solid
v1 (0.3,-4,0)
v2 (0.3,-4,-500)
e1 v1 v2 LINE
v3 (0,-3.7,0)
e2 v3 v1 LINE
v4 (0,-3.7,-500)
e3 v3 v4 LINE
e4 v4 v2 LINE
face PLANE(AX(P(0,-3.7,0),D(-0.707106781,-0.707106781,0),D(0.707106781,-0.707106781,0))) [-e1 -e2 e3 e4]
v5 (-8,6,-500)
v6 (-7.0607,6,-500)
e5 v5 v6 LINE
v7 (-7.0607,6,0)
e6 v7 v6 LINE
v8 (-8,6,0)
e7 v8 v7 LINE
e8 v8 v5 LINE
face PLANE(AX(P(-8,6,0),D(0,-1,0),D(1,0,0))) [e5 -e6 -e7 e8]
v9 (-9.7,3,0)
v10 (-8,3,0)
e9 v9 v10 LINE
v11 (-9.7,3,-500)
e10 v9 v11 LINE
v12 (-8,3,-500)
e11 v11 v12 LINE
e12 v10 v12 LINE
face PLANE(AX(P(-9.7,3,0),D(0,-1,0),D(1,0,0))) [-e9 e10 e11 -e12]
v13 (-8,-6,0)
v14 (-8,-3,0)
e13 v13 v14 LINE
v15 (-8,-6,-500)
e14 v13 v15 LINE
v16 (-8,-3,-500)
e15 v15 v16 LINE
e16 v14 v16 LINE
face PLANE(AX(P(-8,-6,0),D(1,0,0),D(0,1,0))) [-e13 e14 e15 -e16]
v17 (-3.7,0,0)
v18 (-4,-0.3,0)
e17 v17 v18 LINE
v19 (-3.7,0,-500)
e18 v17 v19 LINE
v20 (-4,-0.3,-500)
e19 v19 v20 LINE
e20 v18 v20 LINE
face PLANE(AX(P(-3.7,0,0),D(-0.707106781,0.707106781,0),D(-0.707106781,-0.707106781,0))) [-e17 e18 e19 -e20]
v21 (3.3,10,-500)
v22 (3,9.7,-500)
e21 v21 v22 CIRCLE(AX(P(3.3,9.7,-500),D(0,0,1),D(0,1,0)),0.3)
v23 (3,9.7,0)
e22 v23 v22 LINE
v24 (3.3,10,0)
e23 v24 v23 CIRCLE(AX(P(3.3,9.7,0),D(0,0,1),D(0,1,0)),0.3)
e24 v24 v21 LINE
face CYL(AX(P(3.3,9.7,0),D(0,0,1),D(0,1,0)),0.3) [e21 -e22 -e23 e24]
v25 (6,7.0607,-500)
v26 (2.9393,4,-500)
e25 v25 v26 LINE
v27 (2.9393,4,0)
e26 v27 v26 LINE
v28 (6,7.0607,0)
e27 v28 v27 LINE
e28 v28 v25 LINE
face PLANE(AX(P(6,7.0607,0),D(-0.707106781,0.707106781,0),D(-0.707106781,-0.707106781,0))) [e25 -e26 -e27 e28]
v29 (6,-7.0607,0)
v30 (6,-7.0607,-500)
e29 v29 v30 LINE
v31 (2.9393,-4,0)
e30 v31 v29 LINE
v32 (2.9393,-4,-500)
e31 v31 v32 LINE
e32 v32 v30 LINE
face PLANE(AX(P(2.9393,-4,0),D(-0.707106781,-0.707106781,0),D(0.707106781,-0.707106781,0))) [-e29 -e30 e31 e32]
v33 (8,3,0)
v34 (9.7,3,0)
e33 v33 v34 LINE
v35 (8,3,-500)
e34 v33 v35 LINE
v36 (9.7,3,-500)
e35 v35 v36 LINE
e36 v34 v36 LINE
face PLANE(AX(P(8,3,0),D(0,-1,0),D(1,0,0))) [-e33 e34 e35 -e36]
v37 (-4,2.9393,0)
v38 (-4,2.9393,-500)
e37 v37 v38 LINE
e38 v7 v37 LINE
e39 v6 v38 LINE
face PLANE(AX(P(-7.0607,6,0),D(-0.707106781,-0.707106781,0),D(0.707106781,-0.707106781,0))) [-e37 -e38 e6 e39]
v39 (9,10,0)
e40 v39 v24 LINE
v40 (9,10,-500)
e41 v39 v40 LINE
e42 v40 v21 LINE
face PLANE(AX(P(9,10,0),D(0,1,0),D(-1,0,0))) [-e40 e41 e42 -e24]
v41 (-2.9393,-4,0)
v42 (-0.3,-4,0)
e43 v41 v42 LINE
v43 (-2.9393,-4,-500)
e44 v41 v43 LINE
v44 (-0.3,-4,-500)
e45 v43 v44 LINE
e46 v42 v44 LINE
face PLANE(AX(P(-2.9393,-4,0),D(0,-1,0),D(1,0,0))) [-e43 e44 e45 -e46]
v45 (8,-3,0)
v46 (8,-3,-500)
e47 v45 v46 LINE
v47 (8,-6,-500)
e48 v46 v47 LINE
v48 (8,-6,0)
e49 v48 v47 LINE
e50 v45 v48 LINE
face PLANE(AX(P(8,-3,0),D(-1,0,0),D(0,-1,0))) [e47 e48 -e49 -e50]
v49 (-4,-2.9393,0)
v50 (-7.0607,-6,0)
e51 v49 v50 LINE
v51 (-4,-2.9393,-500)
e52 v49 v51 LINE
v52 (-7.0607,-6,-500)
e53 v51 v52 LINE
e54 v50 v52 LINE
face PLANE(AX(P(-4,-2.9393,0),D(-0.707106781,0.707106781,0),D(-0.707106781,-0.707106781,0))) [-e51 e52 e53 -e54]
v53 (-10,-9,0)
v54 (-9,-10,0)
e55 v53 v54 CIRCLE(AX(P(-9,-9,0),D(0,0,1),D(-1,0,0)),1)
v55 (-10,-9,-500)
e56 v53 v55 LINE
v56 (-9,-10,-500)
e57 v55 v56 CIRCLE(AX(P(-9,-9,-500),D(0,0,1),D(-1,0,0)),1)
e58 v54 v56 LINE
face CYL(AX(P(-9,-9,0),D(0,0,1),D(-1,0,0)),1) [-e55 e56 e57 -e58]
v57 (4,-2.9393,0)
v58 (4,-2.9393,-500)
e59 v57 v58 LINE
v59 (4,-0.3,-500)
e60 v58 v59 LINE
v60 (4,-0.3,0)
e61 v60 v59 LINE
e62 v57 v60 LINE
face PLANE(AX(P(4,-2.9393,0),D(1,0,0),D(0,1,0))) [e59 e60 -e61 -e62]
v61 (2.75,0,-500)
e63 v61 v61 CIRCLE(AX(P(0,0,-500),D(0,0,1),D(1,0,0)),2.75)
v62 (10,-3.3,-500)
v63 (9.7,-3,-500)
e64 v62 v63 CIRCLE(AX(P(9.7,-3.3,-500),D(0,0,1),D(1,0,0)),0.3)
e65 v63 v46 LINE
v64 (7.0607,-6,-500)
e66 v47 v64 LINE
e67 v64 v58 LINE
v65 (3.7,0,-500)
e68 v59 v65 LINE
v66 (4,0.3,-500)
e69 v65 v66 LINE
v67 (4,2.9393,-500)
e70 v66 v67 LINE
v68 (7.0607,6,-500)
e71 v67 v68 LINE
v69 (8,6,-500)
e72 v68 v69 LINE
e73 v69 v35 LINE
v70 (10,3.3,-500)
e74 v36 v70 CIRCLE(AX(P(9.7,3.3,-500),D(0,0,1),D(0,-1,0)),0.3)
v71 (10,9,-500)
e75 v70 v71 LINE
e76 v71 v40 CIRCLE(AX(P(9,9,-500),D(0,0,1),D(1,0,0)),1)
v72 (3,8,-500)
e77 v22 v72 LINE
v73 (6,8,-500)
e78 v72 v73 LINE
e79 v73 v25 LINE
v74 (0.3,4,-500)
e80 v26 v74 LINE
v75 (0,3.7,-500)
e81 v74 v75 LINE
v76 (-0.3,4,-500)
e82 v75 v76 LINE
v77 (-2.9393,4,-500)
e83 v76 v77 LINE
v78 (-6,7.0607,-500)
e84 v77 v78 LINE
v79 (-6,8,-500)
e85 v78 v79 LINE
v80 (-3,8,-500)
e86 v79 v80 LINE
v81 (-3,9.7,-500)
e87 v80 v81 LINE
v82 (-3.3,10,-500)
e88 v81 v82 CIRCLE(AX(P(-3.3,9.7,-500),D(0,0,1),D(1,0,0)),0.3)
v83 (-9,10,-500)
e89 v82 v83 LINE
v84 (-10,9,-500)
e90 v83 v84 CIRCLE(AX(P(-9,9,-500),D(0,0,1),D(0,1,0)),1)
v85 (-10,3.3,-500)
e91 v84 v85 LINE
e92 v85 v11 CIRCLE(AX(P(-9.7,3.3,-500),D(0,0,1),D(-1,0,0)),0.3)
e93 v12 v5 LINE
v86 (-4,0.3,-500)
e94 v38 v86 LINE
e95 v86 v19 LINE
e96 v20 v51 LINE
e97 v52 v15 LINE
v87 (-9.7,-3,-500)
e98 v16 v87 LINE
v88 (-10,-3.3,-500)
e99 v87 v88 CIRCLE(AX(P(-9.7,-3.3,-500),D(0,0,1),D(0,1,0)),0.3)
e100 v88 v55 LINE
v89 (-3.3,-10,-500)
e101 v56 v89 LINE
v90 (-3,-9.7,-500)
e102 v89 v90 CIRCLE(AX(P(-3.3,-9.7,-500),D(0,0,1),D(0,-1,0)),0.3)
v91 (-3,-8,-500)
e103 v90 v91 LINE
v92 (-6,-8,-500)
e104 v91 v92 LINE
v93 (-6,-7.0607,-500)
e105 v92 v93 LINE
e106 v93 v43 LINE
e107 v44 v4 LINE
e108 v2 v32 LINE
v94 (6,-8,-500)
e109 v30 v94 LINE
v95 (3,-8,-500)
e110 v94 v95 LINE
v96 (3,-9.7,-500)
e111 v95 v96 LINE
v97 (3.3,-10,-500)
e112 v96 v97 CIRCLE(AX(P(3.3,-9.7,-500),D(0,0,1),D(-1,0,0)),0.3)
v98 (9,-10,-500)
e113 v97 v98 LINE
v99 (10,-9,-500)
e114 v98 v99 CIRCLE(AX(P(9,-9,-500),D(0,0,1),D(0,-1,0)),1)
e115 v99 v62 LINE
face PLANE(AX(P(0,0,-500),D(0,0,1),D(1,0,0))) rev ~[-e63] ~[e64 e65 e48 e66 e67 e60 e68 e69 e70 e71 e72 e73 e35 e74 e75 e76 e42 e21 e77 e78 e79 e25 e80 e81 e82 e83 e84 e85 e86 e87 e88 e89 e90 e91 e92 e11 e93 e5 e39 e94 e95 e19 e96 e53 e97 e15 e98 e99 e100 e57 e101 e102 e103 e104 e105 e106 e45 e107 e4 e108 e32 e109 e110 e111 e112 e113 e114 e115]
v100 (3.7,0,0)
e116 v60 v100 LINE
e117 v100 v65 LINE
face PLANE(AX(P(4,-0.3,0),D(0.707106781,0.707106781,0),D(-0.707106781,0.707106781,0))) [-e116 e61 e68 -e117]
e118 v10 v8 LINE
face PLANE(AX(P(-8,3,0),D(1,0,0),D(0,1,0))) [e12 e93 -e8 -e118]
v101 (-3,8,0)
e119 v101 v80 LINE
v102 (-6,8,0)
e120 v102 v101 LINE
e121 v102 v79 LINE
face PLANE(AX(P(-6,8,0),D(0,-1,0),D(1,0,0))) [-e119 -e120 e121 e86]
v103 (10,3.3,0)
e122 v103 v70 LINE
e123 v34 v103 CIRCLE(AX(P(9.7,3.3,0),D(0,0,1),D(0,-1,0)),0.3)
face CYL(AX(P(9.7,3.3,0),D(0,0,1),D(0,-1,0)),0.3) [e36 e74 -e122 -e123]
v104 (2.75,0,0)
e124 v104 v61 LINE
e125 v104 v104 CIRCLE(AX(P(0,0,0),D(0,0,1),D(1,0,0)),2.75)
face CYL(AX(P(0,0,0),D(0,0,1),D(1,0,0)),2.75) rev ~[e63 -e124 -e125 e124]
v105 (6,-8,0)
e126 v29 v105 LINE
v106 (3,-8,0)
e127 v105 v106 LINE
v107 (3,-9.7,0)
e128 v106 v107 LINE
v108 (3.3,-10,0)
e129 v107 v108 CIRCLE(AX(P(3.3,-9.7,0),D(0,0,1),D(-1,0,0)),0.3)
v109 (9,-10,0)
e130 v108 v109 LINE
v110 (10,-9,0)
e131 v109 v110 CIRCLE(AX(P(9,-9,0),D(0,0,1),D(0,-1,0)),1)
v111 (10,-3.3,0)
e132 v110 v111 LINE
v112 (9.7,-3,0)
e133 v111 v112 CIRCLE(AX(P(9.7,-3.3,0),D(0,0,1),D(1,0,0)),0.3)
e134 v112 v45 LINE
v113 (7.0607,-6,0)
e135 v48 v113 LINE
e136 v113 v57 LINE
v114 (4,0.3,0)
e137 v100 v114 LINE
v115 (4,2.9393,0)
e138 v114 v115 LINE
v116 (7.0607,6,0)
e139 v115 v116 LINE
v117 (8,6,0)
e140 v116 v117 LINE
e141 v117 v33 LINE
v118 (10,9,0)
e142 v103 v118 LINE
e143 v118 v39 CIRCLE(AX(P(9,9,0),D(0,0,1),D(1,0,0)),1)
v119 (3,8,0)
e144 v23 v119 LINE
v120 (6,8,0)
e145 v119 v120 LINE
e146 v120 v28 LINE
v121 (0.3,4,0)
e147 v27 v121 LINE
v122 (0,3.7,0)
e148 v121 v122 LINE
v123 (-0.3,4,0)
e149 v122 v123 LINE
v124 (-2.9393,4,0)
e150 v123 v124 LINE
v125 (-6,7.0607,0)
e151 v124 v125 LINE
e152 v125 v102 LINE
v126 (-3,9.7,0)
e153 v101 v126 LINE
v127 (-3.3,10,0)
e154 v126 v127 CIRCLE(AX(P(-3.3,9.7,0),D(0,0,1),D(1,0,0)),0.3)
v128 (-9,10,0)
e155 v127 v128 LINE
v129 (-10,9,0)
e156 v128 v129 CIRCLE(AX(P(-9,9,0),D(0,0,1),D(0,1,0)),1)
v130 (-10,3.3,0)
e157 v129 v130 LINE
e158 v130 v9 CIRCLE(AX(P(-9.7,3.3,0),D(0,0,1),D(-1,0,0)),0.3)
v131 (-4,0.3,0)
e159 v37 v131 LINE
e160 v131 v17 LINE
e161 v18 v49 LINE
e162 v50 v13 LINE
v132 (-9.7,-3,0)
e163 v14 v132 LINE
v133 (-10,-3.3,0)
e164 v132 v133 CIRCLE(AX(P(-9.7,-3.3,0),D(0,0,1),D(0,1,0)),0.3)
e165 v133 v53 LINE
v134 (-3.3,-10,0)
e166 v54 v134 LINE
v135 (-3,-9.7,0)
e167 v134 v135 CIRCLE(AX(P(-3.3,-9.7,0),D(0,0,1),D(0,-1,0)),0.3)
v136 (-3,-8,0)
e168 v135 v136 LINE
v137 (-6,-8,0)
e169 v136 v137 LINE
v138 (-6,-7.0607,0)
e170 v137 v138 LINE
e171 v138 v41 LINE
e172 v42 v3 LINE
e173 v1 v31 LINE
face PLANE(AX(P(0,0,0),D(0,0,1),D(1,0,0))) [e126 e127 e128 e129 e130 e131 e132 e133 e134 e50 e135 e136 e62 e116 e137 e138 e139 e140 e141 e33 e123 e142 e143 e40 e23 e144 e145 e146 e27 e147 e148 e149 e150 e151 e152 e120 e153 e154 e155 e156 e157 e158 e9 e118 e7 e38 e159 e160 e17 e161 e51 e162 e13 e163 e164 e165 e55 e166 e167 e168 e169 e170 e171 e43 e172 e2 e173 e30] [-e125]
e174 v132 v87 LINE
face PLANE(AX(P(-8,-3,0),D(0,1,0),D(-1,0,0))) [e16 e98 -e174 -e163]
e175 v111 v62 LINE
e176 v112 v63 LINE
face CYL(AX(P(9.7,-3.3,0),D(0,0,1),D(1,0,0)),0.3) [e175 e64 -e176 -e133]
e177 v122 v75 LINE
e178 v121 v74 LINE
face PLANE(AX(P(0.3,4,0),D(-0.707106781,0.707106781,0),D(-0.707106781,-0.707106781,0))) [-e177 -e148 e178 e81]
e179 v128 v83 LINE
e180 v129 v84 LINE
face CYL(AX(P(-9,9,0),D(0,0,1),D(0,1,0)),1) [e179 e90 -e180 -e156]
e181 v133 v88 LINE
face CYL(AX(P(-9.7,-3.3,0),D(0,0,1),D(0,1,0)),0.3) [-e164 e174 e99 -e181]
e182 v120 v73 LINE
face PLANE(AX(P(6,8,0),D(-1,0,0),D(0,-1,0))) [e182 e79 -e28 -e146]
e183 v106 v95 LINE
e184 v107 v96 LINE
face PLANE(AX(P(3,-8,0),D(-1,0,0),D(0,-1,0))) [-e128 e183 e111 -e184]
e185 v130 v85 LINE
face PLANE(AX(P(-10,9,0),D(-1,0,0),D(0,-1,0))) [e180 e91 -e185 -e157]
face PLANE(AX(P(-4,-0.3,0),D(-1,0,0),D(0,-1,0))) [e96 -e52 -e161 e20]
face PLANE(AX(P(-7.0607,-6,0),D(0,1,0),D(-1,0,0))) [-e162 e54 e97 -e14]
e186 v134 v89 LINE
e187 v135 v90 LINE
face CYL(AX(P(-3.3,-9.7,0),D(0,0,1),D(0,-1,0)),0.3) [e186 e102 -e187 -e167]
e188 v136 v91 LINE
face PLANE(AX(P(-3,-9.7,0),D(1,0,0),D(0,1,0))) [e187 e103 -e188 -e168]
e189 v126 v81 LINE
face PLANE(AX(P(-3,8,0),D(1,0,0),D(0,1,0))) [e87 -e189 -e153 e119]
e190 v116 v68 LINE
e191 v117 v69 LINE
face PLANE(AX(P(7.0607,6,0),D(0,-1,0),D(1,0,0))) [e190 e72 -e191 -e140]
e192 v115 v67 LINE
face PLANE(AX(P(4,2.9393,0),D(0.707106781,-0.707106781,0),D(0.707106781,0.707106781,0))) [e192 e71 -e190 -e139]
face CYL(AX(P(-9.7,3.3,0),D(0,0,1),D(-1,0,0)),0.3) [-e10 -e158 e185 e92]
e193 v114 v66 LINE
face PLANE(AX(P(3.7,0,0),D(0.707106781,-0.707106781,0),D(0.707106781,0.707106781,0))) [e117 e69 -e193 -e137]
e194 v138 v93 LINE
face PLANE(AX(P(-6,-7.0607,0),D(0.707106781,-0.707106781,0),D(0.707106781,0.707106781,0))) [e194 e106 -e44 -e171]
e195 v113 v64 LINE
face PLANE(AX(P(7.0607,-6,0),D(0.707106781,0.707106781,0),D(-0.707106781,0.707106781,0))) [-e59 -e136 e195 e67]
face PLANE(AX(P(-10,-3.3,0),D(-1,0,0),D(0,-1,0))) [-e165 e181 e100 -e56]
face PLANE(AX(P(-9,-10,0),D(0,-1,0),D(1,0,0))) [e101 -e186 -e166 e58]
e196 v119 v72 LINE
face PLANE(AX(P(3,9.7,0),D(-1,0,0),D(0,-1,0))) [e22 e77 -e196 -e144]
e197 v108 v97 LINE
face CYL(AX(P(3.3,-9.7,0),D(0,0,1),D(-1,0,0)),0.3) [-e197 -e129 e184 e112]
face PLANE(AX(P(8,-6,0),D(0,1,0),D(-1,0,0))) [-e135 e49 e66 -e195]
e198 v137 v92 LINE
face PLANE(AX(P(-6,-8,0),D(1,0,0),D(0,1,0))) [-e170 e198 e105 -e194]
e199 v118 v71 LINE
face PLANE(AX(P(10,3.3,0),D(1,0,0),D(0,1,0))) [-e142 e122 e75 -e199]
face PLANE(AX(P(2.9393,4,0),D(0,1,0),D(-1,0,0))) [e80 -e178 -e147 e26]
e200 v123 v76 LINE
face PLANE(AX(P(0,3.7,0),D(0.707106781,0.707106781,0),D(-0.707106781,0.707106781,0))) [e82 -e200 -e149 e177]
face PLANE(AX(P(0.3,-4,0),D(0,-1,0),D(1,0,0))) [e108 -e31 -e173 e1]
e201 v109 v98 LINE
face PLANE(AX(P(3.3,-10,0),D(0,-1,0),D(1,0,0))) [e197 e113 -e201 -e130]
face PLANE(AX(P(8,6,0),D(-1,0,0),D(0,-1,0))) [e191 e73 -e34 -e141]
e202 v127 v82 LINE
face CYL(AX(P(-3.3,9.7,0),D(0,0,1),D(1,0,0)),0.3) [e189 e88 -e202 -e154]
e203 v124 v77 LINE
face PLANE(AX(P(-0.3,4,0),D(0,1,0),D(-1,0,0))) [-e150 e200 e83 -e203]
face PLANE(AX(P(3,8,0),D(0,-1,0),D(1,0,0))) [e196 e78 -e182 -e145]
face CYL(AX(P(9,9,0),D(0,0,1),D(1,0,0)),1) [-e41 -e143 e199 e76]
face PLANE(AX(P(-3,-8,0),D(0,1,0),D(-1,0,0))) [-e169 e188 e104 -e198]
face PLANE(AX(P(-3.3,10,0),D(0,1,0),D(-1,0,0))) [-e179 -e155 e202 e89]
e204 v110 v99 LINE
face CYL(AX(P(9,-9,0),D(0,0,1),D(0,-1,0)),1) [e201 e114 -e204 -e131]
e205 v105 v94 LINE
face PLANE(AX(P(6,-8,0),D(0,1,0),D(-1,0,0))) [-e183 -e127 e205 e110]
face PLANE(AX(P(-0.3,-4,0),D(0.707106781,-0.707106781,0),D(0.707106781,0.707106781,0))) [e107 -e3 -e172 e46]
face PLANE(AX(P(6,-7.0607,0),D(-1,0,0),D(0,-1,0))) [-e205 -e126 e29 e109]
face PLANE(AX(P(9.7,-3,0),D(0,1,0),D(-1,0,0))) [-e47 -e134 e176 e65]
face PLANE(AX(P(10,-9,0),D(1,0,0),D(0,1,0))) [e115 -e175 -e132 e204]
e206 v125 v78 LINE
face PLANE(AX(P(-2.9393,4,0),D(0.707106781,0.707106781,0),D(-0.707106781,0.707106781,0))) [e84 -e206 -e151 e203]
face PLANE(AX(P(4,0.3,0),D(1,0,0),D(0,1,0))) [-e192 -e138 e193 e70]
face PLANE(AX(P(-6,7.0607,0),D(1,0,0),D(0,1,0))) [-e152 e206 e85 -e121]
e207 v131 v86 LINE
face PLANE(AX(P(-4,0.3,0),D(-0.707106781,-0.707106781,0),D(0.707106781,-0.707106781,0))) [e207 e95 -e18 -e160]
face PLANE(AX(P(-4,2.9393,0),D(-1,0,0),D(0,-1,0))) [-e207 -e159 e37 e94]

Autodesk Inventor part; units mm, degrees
ref_plane "YZ Plane" through (0, 0, 0) normal (1, 0, 0) x (0, 1, 0)
ref_plane "XZ Plane" through (0, 0, 0) normal (0, 1, 0) x (-1, 0, 0)
ref_plane "XY Plane" through (0, 0, 0) normal (0, 0, 1) x (1, 0, 0)
sketch "Sketch_5" plane through (0, 0, 0) normal (0, 0, 1) x (1, 0, 0)
  line L0 (-10, 9) -> (-10, 3.3)
  arc A0 (-10, 3.3) -> (-9.7, 3) centre (-9.7, 3.3) ccw
  line L1 (-9.7, 3) -> (-8, 3)
  line L2 (-8, 3) -> (-8, 6)
  line L3 (-8, 6) -> (-7.0607, 6)
  line L4 (-7.0607, 6) -> (-4, 2.9393)
  line L5 (-4, 2.9393) -> (-4, 0.3)
  line L6 (-4, 0.3) -> (-3.7, 0)
  line L7 (-3.7, 0) -> (-4, -0.3)
  line L8 (-4, -0.3) -> (-4, -2.9393)
  line L9 (-4, -2.9393) -> (-7.0607, -6)
  line L10 (-7.0607, -6) -> (-8, -6)
  line L11 (-8, -6) -> (-8, -3)
  line L12 (-8, -3) -> (-9.7, -3)
  arc A1 (-9.7, -3) -> (-10, -3.3) centre (-9.7, -3.3) ccw
  line L13 (-10, -3.3) -> (-10, -9)
  arc A2 (-10, -9) -> (-9, -10) centre (-9, -9) ccw
  line L14 (-9, -10) -> (-3.3, -10)
  arc A3 (-3.3, -10) -> (-3, -9.7) centre (-3.3, -9.7) ccw
  line L15 (-3, -9.7) -> (-3, -8)
  line L16 (-3, -8) -> (-6, -8)
  line L17 (-6, -8) -> (-6, -7.0607)
  line L18 (-6, -7.0607) -> (-2.9393, -4)
  line L19 (-2.9393, -4) -> (-0.3, -4)
  line L20 (-0.3, -4) -> (0, -3.7)
  line L21 (0, -3.7) -> (0.3, -4)
  line L22 (0.3, -4) -> (2.9393, -4)
  line L23 (2.9393, -4) -> (6, -7.0607)
  line L24 (6, -7.0607) -> (6, -8)
  line L25 (6, -8) -> (3, -8)
  line L26 (3, -8) -> (3, -9.7)
  arc A4 (3, -9.7) -> (3.3, -10) centre (3.3, -9.7) ccw
  line L27 (3.3, -10) -> (9, -10)
  arc A5 (9, -10) -> (10, -9) centre (9, -9) ccw
  line L28 (10, -9) -> (10, -3.3)
  arc A6 (10, -3.3) -> (9.7, -3) centre (9.7, -3.3) ccw
  line L29 (9.7, -3) -> (8, -3)
  line L30 (8, -3) -> (8, -6)
  line L31 (8, -6) -> (7.0607, -6)
  line L32 (7.0607, -6) -> (4, -2.9393)
  line L33 (4, -2.9393) -> (4, -0.3)
  line L34 (4, -0.3) -> (3.7, 0)
  line L35 (3.7, 0) -> (4, 0.3)
  line L36 (4, 0.3) -> (4, 2.9393)
  line L37 (4, 2.9393) -> (7.0607, 6)
  line L38 (7.0607, 6) -> (8, 6)
  line L39 (8, 6) -> (8, 3)
  line L40 (8, 3) -> (9.7, 3)
  arc A7 (9.7, 3) -> (10, 3.3) centre (9.7, 3.3) ccw
  line L41 (10, 3.3) -> (10, 9)
  arc A8 (10, 9) -> (9, 10) centre (9, 9) ccw
  line L42 (9, 10) -> (3.3, 10)
  arc A9 (3.3, 10) -> (3, 9.7) centre (3.3, 9.7) ccw
  line L43 (3, 9.7) -> (3, 8)
  line L44 (3, 8) -> (6, 8)
  line L45 (6, 8) -> (6, 7.0607)
  line L46 (6, 7.0607) -> (2.9393, 4)
  line L47 (2.9393, 4) -> (0.3, 4)
  line L48 (0.3, 4) -> (0, 3.7)
  line L49 (0, 3.7) -> (-0.3, 4)
  line L50 (-0.3, 4) -> (-2.9393, 4)
  line L51 (-2.9393, 4) -> (-6, 7.0607)
  line L52 (-6, 7.0607) -> (-6, 8)
  line L53 (-6, 8) -> (-3, 8)
  line L54 (-3, 8) -> (-3, 9.7)
  arc A10 (-3, 9.7) -> (-3.3, 10) centre (-3.3, 9.7) ccw
  line L55 (-3.3, 10) -> (-9, 10)
  arc A11 (-9, 10) -> (-10, 9) centre (-9, 9) ccw
  circle A12 centre (0, 0) radius 2.75
  dimension "d2" = 5.5
  dimension "d3" = 10
  dimension "d4" = 10
  dimension "d5" = 5.7
  dimension "d6" = 5.7
  dimension "d7" = 1.7
  dimension "d8" = 3
  dimension "d9" = 0.3
  dimension "d10" = 90
  dimension "d11" = 45
  dimension "d12" = 45
  dimension "d13" = 45
  dimension "d14" = 90
  dimension "d15" = 90
  dimension "d16" = 45
  dimension "d17" = 45
  dimension "d18" = 45
  dimension "d19" = 45
  dimension "d20" = 90
  dimension "d21" = 90
  dimension "d22" = 45
  dimension "d23" = 45
  dimension "d24" = 90
  dimension "d25" = 90
  dimension "d26" = 90
  dimension "d27" = 90
  dimension "d28" = 90
  dimension "d29" = 90
  dimension "d30" = 90
  dimension "d31" = 90
  dimension "d32" = 90
  dimension "d33" = 90
  dimension "d34" = 90
  dimension "d35" = 90
  dimension "d36" = 90
  dimension "d37" = 90
  dimension "d38" = 90
  dimension "d39" = 4
  dimension "d40" = 6
  dimension "d41" = 13
  dimension "d42" = 14
  dimension "d43" = 16
  dimension "d44" = 18
  dimension "d45" = 3
  dimension "d46" = 9
  dimension "d47" = 7
  dimension "d48" = 1
  dimension "d49" = 7
  dimension "d50" = 1.5
  dimension "d51" = 1.8663
  dimension "d52" = 3.3663
  dimension "d53" = 1.5
  dimension "d54" = 1.8663
  dimension "d55" = 3.3663
  dimension "d56" = 4
  dimension "d57" = 10.8187
  dimension "d58" = 1.9092
  dimension "d59" = 5
  dimension "d60" = 13
  dimension "d61" = 13
  dimension "d62" = 16.0513
  dimension "d63" = 3.3234
  dimension "d64" = 14
  dimension "d65" = 12.685
extrude "Extrusion1" add sketch "Sketch_5" against normal blind 500
properties part number "Perfil_Aluminio_20x20x500"
